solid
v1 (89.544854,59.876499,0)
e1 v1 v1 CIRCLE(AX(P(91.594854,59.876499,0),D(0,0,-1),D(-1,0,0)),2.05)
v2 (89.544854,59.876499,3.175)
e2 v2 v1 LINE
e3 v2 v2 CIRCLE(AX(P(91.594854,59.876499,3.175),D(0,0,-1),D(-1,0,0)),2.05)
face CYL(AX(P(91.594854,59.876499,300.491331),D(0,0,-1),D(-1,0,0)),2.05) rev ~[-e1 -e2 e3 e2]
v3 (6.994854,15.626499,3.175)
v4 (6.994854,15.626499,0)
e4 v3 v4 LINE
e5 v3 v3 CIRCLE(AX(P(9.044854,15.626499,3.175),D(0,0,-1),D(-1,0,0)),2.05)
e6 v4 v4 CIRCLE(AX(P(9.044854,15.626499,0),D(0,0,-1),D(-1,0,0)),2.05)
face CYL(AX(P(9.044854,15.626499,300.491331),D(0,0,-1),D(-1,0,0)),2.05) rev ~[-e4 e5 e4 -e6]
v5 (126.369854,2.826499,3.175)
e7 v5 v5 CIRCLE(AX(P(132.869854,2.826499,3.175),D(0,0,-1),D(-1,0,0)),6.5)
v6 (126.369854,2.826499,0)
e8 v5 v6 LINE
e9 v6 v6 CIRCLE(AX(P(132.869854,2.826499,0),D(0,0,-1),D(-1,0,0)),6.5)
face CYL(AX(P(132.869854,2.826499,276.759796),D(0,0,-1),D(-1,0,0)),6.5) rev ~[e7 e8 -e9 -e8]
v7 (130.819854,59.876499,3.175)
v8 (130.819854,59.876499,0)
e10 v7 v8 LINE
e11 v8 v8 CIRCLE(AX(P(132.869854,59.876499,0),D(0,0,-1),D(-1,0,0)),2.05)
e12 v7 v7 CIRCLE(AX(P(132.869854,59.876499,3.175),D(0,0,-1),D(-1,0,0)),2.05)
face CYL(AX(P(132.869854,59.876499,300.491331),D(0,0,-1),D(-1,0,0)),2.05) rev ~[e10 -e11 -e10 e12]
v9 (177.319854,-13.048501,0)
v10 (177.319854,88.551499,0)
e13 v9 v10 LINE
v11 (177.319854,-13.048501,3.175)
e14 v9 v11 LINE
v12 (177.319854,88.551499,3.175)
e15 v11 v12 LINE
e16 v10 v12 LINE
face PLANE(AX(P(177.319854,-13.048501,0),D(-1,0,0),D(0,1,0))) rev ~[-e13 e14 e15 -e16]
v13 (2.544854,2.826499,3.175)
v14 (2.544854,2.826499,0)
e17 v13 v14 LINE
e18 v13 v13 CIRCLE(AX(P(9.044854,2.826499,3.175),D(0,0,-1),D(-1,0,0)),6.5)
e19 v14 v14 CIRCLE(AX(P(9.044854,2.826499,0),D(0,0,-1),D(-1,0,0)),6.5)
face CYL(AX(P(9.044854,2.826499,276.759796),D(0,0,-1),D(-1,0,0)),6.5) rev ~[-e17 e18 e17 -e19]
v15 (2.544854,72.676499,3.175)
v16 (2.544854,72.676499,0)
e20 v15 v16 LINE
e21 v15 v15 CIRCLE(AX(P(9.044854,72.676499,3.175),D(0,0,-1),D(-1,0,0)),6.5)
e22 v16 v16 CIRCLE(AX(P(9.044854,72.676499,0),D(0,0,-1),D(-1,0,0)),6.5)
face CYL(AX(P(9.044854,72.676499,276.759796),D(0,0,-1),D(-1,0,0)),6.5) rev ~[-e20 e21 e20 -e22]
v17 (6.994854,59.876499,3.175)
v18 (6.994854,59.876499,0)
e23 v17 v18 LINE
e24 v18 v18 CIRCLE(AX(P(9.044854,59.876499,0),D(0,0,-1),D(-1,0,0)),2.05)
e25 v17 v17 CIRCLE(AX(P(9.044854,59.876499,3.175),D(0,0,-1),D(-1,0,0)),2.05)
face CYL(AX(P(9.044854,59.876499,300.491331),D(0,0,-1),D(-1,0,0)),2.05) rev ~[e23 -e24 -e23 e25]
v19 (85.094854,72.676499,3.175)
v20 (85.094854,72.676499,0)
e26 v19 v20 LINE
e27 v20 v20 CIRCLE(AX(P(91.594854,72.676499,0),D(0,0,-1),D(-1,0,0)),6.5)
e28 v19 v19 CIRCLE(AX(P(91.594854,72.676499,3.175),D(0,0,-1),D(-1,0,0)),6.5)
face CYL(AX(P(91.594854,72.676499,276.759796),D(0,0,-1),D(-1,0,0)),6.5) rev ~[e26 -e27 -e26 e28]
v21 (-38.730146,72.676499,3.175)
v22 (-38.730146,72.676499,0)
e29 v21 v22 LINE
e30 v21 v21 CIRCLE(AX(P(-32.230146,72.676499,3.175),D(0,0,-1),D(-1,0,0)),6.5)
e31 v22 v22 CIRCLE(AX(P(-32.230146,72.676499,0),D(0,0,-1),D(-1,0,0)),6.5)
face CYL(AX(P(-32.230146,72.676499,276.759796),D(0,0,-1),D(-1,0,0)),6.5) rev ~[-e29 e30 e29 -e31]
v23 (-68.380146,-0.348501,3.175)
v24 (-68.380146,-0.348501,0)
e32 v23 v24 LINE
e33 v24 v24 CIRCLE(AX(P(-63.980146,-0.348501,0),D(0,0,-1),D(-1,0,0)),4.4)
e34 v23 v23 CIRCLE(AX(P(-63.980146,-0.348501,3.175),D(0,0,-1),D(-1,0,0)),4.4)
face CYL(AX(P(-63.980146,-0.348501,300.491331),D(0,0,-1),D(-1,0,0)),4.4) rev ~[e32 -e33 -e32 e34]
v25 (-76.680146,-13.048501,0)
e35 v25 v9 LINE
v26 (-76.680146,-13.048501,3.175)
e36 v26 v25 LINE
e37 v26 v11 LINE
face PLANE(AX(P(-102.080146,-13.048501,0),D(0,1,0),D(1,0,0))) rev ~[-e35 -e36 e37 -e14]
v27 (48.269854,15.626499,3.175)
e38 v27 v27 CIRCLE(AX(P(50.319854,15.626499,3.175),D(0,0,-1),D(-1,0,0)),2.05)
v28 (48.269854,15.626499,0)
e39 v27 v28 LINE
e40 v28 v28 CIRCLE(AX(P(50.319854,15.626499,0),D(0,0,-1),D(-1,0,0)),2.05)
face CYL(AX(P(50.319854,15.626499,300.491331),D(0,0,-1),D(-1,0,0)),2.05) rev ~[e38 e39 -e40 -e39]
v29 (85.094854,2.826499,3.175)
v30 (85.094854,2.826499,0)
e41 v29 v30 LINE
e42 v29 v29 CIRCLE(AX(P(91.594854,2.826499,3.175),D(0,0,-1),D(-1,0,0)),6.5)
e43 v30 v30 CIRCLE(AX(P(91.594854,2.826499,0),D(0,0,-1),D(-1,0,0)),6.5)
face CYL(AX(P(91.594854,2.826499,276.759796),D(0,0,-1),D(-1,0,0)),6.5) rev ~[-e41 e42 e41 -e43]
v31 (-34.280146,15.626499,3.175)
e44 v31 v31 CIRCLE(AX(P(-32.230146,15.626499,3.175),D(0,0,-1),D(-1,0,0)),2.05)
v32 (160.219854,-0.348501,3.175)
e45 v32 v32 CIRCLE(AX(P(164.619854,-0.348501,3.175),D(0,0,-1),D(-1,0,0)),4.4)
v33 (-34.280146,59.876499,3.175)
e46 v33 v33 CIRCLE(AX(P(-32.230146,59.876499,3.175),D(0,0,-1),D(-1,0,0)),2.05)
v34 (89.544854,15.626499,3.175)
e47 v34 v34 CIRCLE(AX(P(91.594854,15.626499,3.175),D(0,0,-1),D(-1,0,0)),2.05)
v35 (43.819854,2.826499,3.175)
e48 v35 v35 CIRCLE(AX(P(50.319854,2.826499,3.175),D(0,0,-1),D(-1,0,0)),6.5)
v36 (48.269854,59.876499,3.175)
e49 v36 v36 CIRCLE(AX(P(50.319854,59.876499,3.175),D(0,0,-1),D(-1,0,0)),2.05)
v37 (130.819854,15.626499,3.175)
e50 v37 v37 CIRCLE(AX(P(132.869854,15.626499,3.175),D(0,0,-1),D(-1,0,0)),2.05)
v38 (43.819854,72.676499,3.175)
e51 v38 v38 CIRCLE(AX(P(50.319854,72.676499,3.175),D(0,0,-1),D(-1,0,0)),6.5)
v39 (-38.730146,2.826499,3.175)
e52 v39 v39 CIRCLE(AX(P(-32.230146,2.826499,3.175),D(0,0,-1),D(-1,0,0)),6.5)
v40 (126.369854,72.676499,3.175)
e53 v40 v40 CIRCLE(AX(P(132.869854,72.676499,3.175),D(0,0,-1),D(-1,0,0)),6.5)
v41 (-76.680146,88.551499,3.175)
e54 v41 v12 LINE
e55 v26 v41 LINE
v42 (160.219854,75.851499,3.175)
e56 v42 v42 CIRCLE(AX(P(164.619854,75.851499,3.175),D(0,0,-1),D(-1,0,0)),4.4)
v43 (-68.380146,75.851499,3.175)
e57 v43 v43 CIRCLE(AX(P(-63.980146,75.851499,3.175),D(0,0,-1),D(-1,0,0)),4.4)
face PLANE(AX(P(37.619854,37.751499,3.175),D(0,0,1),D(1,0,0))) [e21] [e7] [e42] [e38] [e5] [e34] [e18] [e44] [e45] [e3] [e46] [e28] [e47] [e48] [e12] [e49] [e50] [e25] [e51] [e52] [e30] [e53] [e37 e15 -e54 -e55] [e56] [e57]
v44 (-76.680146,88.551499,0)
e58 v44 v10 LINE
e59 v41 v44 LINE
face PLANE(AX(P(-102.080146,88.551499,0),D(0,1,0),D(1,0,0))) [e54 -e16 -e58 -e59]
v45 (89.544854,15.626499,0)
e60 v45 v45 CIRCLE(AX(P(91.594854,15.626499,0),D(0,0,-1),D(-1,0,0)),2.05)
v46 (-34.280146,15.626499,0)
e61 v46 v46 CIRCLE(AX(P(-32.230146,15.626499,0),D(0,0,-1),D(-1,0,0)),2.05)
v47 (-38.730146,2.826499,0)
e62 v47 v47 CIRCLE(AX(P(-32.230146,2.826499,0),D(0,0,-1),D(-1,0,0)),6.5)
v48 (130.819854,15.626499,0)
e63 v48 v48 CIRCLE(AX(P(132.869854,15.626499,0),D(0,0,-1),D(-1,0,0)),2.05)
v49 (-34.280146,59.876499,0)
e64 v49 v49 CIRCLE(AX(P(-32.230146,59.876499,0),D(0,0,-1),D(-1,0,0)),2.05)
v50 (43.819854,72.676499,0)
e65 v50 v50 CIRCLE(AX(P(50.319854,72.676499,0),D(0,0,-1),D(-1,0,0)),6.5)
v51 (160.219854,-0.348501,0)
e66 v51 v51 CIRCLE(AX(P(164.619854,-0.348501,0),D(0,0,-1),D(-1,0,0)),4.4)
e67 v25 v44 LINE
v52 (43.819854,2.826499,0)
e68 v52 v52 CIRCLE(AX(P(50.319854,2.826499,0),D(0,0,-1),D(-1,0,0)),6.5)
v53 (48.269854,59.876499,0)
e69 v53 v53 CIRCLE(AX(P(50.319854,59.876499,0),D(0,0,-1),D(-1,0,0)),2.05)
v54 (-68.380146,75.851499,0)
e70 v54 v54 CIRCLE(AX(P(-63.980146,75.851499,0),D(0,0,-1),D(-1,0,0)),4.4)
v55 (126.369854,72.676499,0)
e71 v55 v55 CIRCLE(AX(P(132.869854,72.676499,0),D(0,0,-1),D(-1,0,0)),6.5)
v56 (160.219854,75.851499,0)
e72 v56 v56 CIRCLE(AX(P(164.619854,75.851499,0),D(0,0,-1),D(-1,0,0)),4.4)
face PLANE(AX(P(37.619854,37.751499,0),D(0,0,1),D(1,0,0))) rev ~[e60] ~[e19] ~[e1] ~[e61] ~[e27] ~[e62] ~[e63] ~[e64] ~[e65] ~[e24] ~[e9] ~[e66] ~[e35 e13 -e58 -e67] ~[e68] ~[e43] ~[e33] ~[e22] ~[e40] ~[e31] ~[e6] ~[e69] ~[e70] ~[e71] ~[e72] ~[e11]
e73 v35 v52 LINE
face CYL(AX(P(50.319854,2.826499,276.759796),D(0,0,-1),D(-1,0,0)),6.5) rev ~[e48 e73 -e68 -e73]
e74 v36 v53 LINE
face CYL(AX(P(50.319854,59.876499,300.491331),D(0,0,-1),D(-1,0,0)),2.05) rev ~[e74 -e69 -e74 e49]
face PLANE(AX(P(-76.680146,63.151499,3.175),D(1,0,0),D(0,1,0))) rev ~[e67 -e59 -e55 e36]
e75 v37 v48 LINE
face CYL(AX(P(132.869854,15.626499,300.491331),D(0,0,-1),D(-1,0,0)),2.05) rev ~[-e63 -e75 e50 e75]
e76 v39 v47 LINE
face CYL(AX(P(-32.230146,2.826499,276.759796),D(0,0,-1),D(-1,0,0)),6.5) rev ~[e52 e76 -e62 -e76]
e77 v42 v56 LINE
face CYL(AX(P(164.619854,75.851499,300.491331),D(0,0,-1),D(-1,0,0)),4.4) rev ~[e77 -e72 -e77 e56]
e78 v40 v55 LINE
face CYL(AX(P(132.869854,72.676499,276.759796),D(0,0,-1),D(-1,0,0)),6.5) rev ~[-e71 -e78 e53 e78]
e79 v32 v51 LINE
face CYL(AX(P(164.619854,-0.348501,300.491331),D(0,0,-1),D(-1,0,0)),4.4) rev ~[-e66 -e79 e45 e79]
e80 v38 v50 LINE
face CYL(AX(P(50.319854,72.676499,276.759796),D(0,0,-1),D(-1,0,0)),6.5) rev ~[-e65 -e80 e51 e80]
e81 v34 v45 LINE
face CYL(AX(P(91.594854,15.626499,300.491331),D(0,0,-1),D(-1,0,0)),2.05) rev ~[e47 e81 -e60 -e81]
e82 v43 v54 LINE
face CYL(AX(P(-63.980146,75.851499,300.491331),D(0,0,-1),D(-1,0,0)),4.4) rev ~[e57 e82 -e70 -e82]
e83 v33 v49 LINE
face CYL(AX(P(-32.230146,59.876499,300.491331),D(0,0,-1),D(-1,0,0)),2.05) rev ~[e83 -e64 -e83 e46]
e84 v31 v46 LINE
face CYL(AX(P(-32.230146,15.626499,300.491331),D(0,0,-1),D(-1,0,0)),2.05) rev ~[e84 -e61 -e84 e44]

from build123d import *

# Parameters (mm, degrees)
F0_W      = 279.4
F0_H      = 101.6
F1_DEPTH  = 3.175
F2_W      = 25.4
F2_H      = 76.2
F3_DEPTH  = 3.176
F5_D      = 6.35
F7_D      = 8.8
F9_D      = 8.8
F11_D     = 4.1
F12_W     = 25.4
F12_H     = 25.4
F12_R     = 3.175
F13_DEPTH = 25.4
F14_D     = 12.9999994


with BuildPart() as f1:
    # F0 (on Top) → F1 (new body)
    with BuildSketch(Plane.XY):
        with Locations((37.6198536942, 37.7514991719)):
            Rectangle(F0_W, F0_H)
    extrude(amount=F1_DEPTH)

    # F2 (on face) → F3 (cut, through all)
    with BuildSketch(Plane.XY.offset(3.175)):
        with Locations((-89.3801463058, 25.0514991719)):
            Rectangle(F2_W, F2_H)
    extrude(amount=-F3_DEPTH, mode=Mode.SUBTRACT)

    # F5 (through all)
    with Locations(Plane.XY.offset(3.175)):
        with Locations((-89.3801463058, 75.8514991719)):
            Hole(F5_D / 2)

    # F7 (through all)
    with Locations(Plane.XY.offset(3.175)):
        with Locations((-63.9801463058, 75.8514991719)):
            Hole(F7_D / 2)

    # F9 (through all)
    with Locations(Plane.XY.offset(3.175)):
        with Locations((-63.9801463058, -0.3485008281), (164.6198536942, -0.3485008281), (164.6198536942, 75.8514991719)):
            Hole(F9_D / 2)

    # F11 (through all)
    with Locations(Plane.XY.offset(3.175)):
        with Locations((132.8698536942, 15.6264989719), (91.5948536942, 15.6264989719), (50.3198536942, 15.6264989719), (9.0448536942, 15.6264989719), (-32.2301463058, 15.6264989719), (132.8698536942, 59.8764993719), (91.5948536942, 59.8764993719), (50.3198536942, 59.8764993719), (9.0448536942, 59.8764993719), (-32.2301463058, 59.8764993719)):
            Hole(F11_D / 2)

    # F12 (on face) → F13 (cut)
    with BuildSketch(Plane.XY.offset(3.175)):
        with Locations((-89.3801463058, 75.8514991719)):
            Rectangle(F12_W, F12_H)
        with Locations((-89.3801463058, 75.8514991719)):
            Circle(F12_R, mode=Mode.SUBTRACT)
    extrude(amount=-F13_DEPTH, mode=Mode.SUBTRACT)

    # F14 (through all)
    with Locations(Plane.XY.offset(3.175)):
        with Locations((132.8698536942, 2.8264991719), (91.5948536942, 2.8264991719), (50.3198536942, 2.8264991719), (9.0448536942, 2.8264991719), (-32.2301463058, 2.8264991719), (132.8698536942, 72.6764991719), (91.5948536942, 72.6764991719), (50.3198536942, 72.6764991719), (9.0448536942, 72.6764991719), (-32.2301463058, 72.6764991719)):
            Hole(F14_D / 2)


solid = f1.part
